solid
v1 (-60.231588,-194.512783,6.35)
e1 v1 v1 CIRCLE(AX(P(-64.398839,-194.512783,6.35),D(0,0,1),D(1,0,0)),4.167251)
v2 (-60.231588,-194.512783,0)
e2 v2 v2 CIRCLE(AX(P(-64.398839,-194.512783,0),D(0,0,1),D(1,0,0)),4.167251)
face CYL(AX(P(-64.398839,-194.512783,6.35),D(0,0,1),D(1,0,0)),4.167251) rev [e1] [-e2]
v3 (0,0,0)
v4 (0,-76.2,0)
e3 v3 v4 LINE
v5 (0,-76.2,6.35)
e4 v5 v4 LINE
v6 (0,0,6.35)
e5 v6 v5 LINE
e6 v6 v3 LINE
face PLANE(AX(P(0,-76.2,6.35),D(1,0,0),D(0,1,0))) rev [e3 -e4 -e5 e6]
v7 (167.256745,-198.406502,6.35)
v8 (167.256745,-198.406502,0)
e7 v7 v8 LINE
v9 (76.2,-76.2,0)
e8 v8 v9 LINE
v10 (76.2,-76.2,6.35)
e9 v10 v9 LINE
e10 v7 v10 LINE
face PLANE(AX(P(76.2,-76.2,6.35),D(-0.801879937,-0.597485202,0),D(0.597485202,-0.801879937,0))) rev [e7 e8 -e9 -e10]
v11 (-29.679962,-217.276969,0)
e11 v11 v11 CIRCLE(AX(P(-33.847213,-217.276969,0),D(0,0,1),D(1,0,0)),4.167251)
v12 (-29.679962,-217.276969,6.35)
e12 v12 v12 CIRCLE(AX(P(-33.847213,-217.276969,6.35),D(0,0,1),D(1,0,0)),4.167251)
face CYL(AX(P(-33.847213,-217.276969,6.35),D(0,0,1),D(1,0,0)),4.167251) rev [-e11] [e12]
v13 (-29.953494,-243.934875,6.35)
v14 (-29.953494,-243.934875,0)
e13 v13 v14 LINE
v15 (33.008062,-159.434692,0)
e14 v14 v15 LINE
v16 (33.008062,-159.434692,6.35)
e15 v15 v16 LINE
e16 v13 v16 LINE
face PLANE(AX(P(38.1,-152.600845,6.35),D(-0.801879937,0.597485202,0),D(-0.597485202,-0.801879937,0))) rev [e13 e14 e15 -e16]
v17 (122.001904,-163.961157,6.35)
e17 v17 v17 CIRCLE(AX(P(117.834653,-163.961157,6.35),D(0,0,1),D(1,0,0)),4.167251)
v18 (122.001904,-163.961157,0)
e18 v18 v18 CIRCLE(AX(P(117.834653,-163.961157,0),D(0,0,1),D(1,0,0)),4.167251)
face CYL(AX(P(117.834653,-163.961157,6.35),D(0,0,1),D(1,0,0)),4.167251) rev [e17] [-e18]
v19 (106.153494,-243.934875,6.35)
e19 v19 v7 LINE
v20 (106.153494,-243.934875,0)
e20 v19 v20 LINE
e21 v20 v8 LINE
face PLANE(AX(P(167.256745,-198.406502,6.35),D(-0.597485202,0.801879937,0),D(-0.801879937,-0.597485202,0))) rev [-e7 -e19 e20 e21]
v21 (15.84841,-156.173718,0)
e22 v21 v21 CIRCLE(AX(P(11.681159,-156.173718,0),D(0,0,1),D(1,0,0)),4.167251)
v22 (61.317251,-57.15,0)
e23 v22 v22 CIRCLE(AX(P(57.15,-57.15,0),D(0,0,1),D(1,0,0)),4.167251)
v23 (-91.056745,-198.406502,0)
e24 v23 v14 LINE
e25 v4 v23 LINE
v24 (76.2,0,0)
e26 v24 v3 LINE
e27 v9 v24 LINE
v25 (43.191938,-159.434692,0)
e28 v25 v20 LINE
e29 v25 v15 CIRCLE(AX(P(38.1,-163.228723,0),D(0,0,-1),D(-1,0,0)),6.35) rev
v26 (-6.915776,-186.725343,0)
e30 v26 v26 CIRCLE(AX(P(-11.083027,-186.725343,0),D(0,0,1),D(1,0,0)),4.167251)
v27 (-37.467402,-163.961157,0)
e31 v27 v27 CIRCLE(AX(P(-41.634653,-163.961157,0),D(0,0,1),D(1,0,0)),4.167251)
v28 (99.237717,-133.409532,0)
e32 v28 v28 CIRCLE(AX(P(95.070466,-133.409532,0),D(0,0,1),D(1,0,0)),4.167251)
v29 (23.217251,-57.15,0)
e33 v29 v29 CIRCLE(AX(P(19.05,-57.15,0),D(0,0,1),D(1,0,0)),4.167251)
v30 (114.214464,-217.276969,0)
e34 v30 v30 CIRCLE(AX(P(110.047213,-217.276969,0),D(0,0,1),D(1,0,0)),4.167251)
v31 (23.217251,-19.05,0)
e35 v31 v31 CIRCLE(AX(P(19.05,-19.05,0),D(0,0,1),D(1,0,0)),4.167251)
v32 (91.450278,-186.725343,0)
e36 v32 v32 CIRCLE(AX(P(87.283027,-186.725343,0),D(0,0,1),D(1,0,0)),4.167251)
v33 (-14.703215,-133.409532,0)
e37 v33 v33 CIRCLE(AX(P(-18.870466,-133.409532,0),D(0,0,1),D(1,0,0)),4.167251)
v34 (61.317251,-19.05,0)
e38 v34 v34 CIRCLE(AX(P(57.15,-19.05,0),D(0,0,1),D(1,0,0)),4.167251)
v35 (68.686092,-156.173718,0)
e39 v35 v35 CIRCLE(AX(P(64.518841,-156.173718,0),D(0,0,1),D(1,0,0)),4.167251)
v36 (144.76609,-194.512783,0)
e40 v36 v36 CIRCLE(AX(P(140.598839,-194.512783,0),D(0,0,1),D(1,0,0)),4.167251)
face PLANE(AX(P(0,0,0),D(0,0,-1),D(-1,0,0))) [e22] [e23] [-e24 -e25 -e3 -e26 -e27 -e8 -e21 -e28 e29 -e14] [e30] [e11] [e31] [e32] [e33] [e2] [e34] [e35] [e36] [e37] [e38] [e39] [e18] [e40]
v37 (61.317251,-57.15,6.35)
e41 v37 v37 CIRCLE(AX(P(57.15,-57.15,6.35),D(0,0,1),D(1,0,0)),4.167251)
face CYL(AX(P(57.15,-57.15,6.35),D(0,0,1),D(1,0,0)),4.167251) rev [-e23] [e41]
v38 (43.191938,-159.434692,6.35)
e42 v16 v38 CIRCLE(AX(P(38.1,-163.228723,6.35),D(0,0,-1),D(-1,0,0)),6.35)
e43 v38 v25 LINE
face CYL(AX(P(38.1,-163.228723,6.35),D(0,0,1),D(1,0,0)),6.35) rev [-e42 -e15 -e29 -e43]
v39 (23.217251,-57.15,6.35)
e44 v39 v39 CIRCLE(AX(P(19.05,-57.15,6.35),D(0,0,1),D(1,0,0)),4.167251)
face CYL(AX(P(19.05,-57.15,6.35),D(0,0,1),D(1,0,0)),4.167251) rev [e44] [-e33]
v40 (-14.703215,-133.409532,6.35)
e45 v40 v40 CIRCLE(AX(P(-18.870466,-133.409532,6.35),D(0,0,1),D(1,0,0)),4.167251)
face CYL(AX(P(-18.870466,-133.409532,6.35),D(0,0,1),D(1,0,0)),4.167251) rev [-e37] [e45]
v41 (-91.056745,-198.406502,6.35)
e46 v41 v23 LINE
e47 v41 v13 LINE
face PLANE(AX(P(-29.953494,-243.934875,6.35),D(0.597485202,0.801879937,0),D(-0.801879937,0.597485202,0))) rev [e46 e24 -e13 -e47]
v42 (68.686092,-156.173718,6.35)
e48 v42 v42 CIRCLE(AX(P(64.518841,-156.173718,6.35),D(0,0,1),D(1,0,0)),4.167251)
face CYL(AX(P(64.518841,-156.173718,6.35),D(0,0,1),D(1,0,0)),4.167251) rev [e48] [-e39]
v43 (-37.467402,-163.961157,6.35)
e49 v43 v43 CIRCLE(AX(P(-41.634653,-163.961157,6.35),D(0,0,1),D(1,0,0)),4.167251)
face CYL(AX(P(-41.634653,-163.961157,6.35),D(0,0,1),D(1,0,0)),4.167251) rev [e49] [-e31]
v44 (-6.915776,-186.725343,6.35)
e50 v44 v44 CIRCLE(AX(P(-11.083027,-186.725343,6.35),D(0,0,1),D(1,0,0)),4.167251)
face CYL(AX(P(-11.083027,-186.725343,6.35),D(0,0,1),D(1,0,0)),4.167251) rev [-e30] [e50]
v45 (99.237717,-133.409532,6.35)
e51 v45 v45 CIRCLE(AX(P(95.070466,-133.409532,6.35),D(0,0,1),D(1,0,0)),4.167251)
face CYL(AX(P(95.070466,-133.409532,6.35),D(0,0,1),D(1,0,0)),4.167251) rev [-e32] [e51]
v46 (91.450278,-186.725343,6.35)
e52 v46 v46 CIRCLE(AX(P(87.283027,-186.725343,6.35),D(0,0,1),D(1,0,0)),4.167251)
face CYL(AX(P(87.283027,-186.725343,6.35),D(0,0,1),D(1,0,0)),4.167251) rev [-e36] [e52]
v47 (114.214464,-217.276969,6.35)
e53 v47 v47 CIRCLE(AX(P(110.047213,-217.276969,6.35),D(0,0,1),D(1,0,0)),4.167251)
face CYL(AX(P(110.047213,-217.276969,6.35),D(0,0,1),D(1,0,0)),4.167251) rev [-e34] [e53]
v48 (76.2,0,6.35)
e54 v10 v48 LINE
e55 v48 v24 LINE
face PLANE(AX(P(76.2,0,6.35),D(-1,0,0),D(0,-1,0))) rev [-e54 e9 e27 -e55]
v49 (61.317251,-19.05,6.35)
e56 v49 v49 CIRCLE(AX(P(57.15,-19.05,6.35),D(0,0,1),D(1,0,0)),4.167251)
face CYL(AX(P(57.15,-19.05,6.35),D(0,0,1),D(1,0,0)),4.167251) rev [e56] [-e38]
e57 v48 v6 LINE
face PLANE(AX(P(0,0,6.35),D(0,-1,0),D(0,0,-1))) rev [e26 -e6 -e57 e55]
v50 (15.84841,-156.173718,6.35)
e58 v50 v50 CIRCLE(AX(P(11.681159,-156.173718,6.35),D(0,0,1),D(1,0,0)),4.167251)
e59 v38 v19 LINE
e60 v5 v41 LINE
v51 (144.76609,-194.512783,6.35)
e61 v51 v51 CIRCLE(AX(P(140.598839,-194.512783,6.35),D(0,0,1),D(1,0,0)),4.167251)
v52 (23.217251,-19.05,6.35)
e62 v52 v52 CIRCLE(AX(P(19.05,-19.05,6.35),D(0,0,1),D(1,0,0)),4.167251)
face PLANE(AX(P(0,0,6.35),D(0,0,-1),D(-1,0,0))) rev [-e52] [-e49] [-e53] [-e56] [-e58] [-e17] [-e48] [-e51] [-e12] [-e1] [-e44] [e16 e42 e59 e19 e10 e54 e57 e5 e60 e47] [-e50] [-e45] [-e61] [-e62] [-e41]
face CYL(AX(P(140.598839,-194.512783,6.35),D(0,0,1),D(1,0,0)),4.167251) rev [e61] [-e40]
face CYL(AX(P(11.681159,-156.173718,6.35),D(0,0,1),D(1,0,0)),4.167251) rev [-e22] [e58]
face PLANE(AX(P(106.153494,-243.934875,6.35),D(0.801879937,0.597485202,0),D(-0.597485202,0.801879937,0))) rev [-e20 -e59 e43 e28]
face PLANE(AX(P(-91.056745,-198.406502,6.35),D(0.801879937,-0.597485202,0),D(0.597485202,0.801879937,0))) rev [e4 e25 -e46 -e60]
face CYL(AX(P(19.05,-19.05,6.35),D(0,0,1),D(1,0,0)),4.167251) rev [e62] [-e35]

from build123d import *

# Parameters (mm, degrees)
BOSS_EXTRUDE1_DEPTH              = 6.35
F_21_64_0_32813_DIAMETER_HOLE1_D = 8.334502
LPATTERN1_COUNT                  = 2
LPATTERN1_PITCH                  = 38.1
LPATTERN1_COUNT_DIR2             = 2
LPATTERN1_PITCH_DIR2             = 38.1
F_21_64_0_32813_DIAMETER_HOLE2_D = 8.334502
LPATTERN2_COUNT                  = 2
LPATTERN2_PITCH                  = 38.1
LPATTERN2_COUNT_DIR2             = 3
LPATTERN2_PITCH_DIR2             = 38.1
F_21_64_0_32813_DIAMETER_HOLE3_D = 8.334502
LPATTERN3_COUNT                  = 2
LPATTERN3_PITCH                  = 38.1
LPATTERN3_COUNT_DIR2             = 3
LPATTERN3_PITCH_DIR2             = 38.1
FILLET1_R                        = 6.35


with BuildPart() as part:
    # Sketch1 → Boss-Extrude1 (new body)
    with BuildSketch(Plane.XY):
        Polygon((0, 0), (76.2, 0), (76.2, -76.2), (167.256744728, -198.406502444), (106.153493506, -243.934874808), (38.1, -152.600845184), (-29.953493506, -243.934874808), (-91.056744728, -198.406502444), (0, -76.2), align=None)
    extrude(amount=BOSS_EXTRUDE1_DEPTH)

    # 21/64 (0.32813) Diameter Hole1 (through all)
    with Locations(Plane.XY.offset(6.35)):
        with Locations((57.15, -19.05)):
            f_21_64_0_32813_diameter_hole1 = Hole(F_21_64_0_32813_DIAMETER_HOLE1_D / 2)

    # LPattern1: 21_64 _0.32813_ Diameter Hole1 2 × 2
    with Locations(*[(-i * LPATTERN1_PITCH, -j * LPATTERN1_PITCH_DIR2, 0) for i in range(LPATTERN1_COUNT) for j in range(LPATTERN1_COUNT_DIR2) if (i, j) != (0, 0)]):
        add(f_21_64_0_32813_diameter_hole1, mode=Mode.SUBTRACT)

    # 21/64 (0.32813) Diameter Hole2 (through all)
    with Locations(Plane.XY.offset(6.35)):
        with Locations((-64.398838831, -194.512782729)):
            f_21_64_0_32813_diameter_hole2 = Hole(F_21_64_0_32813_DIAMETER_HOLE2_D / 2)

    # LPattern2: 21_64 _0.32813_ Diameter Hole2 2 × 3
    with Locations(*[Vector(0.8018799372965569, -0.5974852016253374, 0) * (i * LPATTERN2_PITCH) + Vector(0.5974852016253378, 0.8018799372965567, 0) * (j * LPATTERN2_PITCH_DIR2) for i in range(LPATTERN2_COUNT) for j in range(LPATTERN2_COUNT_DIR2) if (i, j) != (0, 0)]):
        add(f_21_64_0_32813_diameter_hole2, mode=Mode.SUBTRACT)

    # 21/64 (0.32813) Diameter Hole3 (through all)
    with Locations(Plane.XY.offset(6.35)):
        with Locations((140.598838831, -194.512782729)):
            f_21_64_0_32813_diameter_hole3 = Hole(F_21_64_0_32813_DIAMETER_HOLE3_D / 2)

    # LPattern3: 21_64 _0.32813_ Diameter Hole3 2 × 3
    with Locations(*[Vector(-0.8018799372965564, -0.597485201625338, 0) * (i * LPATTERN3_PITCH) + Vector(-0.5974852016253386, 0.8018799372965559, 0) * (j * LPATTERN3_PITCH_DIR2) for i in range(LPATTERN3_COUNT) for j in range(LPATTERN3_COUNT_DIR2) if (i, j) != (0, 0)]):
        add(f_21_64_0_32813_diameter_hole3, mode=Mode.SUBTRACT)

    # Fillet1
    fillet1_edges = [part.edges().sort_by_distance(p)[0] for p in [
        (38.1, -152.600845184, 3.175),
    ]]
    fillet(fillet1_edges, radius=FILLET1_R)


solid = part.part
